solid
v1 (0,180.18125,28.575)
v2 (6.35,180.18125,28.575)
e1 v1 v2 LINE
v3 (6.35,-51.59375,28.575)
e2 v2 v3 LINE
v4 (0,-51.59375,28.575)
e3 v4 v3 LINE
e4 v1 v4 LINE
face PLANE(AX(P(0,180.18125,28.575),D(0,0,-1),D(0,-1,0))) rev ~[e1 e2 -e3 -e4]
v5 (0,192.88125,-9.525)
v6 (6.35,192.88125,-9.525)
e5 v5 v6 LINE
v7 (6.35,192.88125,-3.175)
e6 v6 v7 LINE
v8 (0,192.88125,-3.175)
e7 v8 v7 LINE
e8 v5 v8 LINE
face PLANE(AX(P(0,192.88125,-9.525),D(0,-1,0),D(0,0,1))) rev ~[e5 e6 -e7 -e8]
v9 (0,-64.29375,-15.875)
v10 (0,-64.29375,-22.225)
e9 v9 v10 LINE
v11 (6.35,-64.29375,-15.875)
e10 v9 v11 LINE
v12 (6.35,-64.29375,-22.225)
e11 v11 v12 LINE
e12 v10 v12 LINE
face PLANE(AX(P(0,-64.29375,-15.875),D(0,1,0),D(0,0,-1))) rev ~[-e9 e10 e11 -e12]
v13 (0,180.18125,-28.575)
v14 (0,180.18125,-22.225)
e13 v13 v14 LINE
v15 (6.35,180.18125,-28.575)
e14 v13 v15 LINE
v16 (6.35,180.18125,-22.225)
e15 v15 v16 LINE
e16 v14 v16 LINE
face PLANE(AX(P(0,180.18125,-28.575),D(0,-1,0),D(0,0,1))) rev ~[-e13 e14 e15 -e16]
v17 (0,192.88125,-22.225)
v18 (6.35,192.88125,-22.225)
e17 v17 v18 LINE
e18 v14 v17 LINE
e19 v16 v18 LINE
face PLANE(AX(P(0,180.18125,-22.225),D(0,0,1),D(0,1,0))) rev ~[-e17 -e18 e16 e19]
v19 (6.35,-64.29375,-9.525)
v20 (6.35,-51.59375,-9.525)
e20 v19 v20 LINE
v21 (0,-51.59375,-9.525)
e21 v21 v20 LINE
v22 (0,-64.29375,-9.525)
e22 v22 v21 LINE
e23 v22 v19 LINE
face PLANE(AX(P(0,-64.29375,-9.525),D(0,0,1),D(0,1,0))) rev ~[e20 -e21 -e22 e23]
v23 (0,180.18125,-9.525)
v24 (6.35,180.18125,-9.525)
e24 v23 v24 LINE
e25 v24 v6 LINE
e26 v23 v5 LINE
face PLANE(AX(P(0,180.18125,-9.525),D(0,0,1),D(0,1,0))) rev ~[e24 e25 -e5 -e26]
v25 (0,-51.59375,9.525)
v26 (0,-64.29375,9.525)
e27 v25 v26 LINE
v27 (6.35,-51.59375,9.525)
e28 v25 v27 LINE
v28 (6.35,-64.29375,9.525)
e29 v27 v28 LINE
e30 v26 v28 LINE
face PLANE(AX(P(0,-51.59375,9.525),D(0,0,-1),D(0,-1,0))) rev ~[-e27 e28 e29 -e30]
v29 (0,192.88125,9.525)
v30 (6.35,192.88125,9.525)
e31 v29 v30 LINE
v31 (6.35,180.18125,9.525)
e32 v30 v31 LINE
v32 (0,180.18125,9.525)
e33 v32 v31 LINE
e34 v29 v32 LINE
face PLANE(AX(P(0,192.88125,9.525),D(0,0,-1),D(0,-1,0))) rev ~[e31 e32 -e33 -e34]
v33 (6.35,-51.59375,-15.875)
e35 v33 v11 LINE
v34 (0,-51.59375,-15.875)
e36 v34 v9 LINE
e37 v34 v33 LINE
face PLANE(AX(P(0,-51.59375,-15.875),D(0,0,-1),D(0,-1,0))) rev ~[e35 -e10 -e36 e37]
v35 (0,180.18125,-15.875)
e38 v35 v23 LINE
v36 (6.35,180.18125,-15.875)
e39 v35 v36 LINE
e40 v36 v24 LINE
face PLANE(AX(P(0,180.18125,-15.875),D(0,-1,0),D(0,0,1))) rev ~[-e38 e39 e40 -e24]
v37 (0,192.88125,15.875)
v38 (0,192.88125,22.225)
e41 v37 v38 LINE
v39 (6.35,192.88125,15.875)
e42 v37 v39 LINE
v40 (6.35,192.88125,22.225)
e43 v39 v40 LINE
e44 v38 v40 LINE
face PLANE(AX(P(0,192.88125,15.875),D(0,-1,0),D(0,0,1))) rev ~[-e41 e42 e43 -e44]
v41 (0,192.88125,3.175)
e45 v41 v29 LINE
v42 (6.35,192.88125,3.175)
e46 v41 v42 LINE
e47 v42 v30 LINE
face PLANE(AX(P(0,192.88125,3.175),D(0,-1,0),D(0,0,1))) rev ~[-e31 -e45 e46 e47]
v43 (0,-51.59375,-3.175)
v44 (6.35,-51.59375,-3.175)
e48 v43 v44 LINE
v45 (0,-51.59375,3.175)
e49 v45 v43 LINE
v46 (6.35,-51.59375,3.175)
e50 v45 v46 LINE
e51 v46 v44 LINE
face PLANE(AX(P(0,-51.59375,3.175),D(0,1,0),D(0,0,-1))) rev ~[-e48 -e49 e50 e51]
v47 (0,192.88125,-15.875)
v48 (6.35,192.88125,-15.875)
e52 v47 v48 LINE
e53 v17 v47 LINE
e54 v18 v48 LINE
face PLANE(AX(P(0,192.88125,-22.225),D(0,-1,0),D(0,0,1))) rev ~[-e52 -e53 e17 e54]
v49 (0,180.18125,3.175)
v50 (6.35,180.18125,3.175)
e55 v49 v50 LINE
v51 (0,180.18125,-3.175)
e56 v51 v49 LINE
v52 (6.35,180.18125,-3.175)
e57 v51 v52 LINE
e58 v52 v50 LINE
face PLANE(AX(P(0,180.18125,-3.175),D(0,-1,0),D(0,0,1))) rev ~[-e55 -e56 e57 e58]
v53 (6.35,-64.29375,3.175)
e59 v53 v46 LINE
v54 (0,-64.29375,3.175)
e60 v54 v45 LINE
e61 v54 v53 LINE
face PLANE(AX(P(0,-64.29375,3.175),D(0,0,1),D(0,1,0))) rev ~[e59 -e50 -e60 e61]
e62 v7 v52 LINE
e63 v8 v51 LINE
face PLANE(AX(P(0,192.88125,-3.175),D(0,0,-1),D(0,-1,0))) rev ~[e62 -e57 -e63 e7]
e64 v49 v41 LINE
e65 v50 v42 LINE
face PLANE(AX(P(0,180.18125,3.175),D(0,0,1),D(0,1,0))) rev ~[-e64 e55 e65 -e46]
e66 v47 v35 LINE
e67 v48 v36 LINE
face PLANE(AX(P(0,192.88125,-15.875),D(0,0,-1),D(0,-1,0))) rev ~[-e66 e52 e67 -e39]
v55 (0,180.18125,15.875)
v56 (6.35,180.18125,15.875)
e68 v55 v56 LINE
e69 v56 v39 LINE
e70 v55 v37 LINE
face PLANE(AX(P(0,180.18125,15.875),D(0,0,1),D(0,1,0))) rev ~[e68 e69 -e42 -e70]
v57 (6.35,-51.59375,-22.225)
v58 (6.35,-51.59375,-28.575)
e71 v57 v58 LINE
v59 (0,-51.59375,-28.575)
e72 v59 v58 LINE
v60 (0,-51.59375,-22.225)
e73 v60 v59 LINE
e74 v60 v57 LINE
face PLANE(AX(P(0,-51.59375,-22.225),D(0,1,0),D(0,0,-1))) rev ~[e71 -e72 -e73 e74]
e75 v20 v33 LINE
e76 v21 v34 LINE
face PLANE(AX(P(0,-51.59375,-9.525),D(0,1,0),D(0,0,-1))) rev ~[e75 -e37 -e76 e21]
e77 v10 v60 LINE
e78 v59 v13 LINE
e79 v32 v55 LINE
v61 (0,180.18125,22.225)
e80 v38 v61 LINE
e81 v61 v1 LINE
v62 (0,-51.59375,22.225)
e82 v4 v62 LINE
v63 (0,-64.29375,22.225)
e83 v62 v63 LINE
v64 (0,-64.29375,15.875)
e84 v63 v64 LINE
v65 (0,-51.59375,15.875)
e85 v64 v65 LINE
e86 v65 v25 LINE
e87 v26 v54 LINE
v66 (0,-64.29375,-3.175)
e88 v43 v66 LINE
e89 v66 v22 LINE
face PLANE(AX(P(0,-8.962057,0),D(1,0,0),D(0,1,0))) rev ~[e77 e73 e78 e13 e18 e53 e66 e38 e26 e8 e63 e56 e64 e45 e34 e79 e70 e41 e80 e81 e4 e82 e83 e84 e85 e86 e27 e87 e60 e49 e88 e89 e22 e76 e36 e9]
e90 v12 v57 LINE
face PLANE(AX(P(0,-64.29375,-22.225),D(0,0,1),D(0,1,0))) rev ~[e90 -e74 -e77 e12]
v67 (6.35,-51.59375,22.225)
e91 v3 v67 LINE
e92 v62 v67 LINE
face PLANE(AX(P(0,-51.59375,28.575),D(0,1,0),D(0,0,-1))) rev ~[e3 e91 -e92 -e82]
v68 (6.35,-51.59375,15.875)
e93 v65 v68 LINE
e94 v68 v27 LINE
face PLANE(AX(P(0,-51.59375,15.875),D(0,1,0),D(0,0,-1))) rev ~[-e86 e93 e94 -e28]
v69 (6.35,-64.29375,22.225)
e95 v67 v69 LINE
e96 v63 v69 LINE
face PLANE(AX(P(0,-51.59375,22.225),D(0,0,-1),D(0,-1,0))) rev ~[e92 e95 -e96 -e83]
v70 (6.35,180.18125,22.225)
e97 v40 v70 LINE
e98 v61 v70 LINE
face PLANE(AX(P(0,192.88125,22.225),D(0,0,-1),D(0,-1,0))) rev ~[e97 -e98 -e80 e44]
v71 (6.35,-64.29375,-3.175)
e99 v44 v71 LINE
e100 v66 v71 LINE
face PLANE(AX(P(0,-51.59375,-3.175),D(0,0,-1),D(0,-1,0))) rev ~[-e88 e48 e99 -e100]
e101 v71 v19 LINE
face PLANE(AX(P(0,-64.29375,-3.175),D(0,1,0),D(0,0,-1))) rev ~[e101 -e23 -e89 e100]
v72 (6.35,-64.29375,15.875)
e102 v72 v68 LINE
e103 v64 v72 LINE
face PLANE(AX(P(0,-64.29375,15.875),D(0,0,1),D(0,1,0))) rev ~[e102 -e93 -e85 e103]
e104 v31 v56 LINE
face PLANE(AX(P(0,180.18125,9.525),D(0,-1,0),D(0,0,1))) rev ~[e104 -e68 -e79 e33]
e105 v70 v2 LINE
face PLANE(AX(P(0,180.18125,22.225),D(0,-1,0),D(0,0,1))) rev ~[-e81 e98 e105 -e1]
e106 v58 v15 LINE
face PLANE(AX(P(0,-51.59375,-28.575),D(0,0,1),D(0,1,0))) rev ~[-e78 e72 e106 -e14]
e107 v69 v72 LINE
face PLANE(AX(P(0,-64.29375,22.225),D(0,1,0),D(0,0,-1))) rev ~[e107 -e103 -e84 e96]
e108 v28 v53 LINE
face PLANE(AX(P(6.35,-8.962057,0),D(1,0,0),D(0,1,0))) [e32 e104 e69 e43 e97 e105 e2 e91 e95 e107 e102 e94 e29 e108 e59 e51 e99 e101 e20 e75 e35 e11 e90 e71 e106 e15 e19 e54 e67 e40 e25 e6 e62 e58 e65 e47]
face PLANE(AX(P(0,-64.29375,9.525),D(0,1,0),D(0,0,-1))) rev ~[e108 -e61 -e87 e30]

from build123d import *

# Parameters (mm, degrees)
F1_DEPTH = 6.35


with BuildPart() as f1:
    # F0 (on Right) → F1 (new body)
    with BuildSketch(Plane.YZ):
        Polygon((64.29375, 28.575), (-51.59375, 28.575), (-51.59375, 22.225), (-64.29375, 22.225), (-64.29375, 15.875), (-51.59375, 15.875), (-51.59375, 9.525), (-64.29375, 9.525), (-64.29375, 3.175), (-51.59375, 3.175), (-51.59375, -3.175), (-64.29375, -3.175), (-64.29375, -9.525), (-51.59375, -9.525), (-51.59375, -15.875), (-64.29375, -15.875), (-64.29375, -22.225), (-51.59375, -22.225), (-51.59375, -28.575), (64.29375, -28.575), align=None)
        Polygon((180.18125, 28.575), (64.29375, 28.575), (64.29375, -28.575), (180.18125, -28.575), (180.18125, -22.225), (192.88125, -22.225), (192.88125, -15.875), (180.18125, -15.875), (180.18125, -9.525), (192.88125, -9.525), (192.88125, -3.175), (180.18125, -3.175), (180.18125, 3.175), (192.88125, 3.175), (192.88125, 9.525), (180.18125, 9.525), (180.18125, 15.875), (192.88125, 15.875), (192.88125, 22.225), (180.18125, 22.225), align=None)
    extrude(amount=F1_DEPTH)


solid = f1.part
